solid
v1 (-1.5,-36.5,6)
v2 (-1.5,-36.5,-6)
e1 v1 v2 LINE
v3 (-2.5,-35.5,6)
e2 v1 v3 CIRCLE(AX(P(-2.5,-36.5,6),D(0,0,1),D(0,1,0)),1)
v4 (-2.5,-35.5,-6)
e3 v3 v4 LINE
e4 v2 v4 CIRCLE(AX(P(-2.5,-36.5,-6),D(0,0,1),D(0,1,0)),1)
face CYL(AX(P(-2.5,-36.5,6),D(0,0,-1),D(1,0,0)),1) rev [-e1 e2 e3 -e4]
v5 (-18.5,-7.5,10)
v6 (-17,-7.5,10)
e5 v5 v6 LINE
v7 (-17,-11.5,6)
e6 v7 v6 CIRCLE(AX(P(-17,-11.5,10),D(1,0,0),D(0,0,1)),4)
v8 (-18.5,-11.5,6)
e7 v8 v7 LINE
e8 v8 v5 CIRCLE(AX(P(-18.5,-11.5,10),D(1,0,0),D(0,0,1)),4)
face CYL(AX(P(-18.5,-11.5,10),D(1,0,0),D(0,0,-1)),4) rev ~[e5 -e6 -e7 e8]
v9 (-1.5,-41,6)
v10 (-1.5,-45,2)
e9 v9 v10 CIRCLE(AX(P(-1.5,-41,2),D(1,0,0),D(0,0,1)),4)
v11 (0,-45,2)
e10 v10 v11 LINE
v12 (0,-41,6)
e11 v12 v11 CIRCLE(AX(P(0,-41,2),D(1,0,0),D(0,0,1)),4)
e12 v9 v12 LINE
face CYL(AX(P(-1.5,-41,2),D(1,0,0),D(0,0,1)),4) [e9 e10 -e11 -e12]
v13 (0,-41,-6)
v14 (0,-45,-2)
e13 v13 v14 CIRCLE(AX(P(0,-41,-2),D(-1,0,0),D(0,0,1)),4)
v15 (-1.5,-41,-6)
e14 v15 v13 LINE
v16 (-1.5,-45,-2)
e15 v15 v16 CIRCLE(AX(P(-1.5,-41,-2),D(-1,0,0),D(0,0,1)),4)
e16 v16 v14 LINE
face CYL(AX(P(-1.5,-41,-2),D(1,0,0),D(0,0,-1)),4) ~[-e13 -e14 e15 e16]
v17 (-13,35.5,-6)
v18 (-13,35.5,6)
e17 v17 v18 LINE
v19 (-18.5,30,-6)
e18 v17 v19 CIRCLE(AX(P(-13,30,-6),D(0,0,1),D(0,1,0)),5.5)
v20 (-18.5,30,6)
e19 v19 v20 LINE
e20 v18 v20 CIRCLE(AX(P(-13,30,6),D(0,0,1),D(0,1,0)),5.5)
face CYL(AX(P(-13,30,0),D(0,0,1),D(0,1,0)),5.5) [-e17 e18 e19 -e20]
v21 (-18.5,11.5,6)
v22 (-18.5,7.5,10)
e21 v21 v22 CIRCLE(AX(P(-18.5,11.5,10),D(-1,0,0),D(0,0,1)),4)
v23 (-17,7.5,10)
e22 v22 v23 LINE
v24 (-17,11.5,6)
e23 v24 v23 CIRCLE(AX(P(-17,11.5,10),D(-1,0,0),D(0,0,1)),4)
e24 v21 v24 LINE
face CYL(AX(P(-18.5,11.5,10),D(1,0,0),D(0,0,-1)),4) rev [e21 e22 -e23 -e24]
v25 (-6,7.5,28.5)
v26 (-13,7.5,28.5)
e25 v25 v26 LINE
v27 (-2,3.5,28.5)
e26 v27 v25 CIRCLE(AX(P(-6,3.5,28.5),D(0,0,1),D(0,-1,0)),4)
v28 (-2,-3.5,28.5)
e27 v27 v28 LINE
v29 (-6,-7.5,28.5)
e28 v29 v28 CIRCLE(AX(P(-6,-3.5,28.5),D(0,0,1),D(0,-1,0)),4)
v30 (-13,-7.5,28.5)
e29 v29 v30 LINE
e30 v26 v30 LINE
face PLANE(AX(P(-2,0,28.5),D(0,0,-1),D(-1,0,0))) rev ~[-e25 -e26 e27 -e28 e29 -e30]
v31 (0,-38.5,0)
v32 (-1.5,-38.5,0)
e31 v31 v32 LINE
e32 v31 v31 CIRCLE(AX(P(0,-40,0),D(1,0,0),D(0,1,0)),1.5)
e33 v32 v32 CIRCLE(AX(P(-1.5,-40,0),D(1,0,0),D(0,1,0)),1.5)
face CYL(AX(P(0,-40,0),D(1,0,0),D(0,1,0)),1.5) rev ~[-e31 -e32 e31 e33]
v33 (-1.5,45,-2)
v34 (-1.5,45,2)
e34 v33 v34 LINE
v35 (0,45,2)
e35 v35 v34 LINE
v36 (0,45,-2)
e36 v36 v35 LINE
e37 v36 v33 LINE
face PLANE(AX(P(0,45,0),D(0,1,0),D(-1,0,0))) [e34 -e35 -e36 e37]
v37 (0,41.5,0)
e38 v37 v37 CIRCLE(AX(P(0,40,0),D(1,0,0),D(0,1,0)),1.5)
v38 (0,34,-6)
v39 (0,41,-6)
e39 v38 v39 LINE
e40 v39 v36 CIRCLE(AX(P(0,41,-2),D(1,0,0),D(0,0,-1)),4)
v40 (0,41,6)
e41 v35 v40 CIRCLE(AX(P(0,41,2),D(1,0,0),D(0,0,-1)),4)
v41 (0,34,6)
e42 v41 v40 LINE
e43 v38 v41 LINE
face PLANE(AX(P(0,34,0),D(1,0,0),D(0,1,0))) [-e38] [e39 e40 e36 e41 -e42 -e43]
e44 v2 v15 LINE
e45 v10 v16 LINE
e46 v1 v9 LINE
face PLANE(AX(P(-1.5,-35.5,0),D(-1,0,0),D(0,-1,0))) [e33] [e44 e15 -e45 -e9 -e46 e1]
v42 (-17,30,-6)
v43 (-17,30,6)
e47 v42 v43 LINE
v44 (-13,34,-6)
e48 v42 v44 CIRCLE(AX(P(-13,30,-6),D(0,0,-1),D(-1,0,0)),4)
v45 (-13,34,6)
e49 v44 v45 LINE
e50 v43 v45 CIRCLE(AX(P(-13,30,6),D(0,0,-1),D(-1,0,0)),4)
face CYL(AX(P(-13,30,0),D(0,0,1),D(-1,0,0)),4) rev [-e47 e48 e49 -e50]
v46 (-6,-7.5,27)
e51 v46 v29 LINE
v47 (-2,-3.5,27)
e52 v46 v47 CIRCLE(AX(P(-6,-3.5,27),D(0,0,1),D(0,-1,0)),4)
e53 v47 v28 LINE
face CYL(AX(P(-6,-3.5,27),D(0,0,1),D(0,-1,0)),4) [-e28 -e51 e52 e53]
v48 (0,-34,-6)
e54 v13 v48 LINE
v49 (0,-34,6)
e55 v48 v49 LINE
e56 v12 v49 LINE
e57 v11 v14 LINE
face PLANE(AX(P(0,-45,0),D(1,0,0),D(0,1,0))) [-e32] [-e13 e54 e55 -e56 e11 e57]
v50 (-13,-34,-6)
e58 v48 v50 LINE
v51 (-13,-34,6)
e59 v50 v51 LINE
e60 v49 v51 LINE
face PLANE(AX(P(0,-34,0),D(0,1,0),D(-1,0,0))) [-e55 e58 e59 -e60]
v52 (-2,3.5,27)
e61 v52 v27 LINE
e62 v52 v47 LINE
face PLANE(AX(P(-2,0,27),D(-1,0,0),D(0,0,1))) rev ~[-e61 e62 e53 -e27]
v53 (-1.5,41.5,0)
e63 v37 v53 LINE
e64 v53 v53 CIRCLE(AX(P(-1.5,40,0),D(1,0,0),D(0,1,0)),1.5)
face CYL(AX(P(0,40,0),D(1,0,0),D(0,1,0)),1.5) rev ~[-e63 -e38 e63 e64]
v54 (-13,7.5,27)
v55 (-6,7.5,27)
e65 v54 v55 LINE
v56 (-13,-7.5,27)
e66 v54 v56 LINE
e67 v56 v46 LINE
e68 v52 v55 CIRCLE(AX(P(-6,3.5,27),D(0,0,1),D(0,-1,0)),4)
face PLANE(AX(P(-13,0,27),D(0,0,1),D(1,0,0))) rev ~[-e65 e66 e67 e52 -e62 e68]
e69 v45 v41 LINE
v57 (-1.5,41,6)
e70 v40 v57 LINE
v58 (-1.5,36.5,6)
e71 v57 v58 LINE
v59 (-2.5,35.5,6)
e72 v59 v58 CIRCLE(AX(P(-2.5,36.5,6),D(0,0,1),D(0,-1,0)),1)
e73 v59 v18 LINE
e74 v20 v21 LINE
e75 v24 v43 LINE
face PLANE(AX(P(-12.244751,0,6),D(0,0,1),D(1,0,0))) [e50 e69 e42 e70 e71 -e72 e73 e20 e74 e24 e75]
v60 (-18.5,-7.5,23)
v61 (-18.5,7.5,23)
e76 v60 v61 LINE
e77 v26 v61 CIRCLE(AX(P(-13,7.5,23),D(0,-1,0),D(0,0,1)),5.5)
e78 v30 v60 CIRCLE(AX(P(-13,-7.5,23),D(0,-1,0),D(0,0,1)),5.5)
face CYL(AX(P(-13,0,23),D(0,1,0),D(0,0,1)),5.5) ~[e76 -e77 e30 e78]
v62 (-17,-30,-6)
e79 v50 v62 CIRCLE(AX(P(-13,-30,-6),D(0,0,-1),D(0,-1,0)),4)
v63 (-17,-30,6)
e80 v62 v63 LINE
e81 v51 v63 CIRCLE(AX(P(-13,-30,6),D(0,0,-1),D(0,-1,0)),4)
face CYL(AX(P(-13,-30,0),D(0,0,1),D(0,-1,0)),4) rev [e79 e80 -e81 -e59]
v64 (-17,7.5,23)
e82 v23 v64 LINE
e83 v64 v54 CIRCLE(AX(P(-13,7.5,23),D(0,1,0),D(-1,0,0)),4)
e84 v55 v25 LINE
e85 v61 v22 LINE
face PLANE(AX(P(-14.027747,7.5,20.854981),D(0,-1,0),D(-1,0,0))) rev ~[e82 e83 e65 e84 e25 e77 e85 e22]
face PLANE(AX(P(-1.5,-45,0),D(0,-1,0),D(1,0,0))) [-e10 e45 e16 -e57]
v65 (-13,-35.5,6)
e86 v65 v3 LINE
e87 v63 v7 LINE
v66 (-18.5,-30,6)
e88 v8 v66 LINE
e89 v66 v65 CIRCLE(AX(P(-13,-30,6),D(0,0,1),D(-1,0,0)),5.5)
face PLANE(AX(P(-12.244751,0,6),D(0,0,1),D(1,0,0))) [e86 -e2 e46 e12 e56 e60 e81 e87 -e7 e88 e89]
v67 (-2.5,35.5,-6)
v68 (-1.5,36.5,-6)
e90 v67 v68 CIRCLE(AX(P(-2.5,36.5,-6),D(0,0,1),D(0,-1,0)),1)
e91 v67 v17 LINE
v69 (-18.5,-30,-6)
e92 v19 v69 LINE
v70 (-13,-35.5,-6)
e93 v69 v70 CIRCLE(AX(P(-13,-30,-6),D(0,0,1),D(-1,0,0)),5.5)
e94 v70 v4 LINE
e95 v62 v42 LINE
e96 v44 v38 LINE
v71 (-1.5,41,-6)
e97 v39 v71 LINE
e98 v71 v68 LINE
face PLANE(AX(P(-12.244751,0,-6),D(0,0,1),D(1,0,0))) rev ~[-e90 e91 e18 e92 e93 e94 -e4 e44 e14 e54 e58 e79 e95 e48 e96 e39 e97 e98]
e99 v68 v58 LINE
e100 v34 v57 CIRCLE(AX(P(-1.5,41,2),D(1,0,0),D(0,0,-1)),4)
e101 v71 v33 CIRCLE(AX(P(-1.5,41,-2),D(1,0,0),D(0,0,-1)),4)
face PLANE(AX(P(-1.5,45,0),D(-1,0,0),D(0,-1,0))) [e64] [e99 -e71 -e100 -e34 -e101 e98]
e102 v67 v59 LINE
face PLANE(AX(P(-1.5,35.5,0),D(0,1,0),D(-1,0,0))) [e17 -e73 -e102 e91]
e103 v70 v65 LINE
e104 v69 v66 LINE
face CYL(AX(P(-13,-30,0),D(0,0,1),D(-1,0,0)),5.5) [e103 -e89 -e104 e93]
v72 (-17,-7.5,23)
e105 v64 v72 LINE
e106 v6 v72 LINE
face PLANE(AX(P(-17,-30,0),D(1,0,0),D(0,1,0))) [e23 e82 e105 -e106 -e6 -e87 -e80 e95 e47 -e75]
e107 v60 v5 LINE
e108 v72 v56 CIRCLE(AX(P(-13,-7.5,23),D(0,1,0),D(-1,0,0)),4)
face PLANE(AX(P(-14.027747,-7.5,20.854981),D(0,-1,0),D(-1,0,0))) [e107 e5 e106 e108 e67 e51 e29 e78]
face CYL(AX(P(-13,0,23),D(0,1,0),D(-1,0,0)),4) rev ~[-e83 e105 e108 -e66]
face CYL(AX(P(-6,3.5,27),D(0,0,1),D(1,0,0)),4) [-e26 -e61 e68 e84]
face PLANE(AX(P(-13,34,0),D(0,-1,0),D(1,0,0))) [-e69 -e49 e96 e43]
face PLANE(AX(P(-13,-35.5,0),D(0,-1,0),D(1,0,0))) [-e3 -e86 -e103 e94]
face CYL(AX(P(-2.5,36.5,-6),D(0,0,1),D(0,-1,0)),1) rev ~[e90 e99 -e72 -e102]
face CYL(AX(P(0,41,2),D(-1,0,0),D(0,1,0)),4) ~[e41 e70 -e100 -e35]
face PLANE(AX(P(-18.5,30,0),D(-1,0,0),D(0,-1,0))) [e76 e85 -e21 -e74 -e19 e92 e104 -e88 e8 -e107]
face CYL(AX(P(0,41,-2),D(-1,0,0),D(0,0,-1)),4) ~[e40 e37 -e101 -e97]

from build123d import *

# Parameters (mm, degrees)
EXTRU_MINCE1_DEPTH      = 6
EXTRU_MINCE2_DEPTH      = 7.5
CONG_1_R                = 4
CONG_2_R                = 1
ESQUISSE3_R             = 1.5
ENL_V_MAT_EXTRU_1_DEPTH = 57.387055252


with BuildPart() as part:
    # Esquisse1 → Extru.-Mince1 (new, symmetric)
    with BuildSketch(Plane.XY):
        with BuildLine():
            Line((0, -45), (0, -34))
            Line((0, -34), (-13, -34))
            ThreePointArc((-13, -34), (-15.828427125, -32.828427125), (-17, -30))
            Line((-17, -30), (-17, 30))
            ThreePointArc((-17, 30), (-15.828427125, 32.828427125), (-13, 34))
            Line((-13, 34), (0, 34))
            Line((0, 34), (0, 45))
            Line((0, 45), (-1.5, 45))
            Line((-1.5, 45), (-1.5, 35.5))
            Line((-1.5, 35.5), (-13, 35.5))
            ThreePointArc((-13, 35.5), (-16.889087297, 33.889087297), (-18.5, 30))
            Line((-18.5, 30), (-18.5, -30))
            ThreePointArc((-18.5, -30), (-16.889087297, -33.889087297), (-13, -35.5))
            Line((-13, -35.5), (-1.5, -35.5))
            Line((-1.5, -35.5), (-1.5, -45))
            Line((-1.5, -45), (0, -45))
        make_face()
    extrude(amount=EXTRU_MINCE1_DEPTH, both=True)

    # Esquisse2 → Extru.-Mince2 (add, symmetric)
    with BuildSketch(Plane(origin=(0, 0, 0), x_dir=(1, 0, 0), z_dir=(0, 1, 0))):
        with BuildLine():
            Line((-17, -6), (-17, -23))
            ThreePointArc((-17, -23), (-15.828427125, -25.828427125), (-13, -27))
            Line((-13, -27), (-2, -27))
            Line((-2, -27), (-2, -28.5))
            Line((-2, -28.5), (-13, -28.5))
            ThreePointArc((-13, -28.5), (-16.889087297, -26.889087297), (-18.5, -23))
            Line((-18.5, -23), (-18.5, -6))
            Line((-18.5, -6), (-17, -6))
        make_face()
    extrude(amount=EXTRU_MINCE2_DEPTH, both=True)

    # Congé1
    cong_1_edges = [part.edges().sort_by_distance(p)[0] for p in [
        (-0.75, 45, -6),
        (-0.75, 45, 6),
        (-2, 7.5, 27.75),
        (-2, -7.5, 27.75),
        (-0.75, -45, -6),
        (-0.75, -45, 6),
        (-17.75, -7.5, 6),
        (-17.75, 7.5, 6),
    ]]
    fillet(cong_1_edges, radius=CONG_1_R)

    # Congé2
    cong_2_edges = [part.edges().sort_by_distance(p)[0] for p in [
        (-1.5, -35.5, 0),
        (-1.5, 35.5, 0),
    ]]
    fillet(cong_2_edges, radius=CONG_2_R)

    # Esquisse3 → Enlèv. mat.-Extru.1 (cut, through all)
    with BuildSketch(Plane(origin=(0, 0, 0), x_dir=(0, 0, -1), z_dir=(1, 0, 0))):
        with Locations(Location((0, 40, 0), (0, 0, 90))):
            Circle(ESQUISSE3_R)
        with Locations(Location((0, -40, 0), (0, 0, 90))):
            Circle(ESQUISSE3_R)
    extrude(amount=-ENL_V_MAT_EXTRU_1_DEPTH, mode=Mode.SUBTRACT)


solid = part.part
